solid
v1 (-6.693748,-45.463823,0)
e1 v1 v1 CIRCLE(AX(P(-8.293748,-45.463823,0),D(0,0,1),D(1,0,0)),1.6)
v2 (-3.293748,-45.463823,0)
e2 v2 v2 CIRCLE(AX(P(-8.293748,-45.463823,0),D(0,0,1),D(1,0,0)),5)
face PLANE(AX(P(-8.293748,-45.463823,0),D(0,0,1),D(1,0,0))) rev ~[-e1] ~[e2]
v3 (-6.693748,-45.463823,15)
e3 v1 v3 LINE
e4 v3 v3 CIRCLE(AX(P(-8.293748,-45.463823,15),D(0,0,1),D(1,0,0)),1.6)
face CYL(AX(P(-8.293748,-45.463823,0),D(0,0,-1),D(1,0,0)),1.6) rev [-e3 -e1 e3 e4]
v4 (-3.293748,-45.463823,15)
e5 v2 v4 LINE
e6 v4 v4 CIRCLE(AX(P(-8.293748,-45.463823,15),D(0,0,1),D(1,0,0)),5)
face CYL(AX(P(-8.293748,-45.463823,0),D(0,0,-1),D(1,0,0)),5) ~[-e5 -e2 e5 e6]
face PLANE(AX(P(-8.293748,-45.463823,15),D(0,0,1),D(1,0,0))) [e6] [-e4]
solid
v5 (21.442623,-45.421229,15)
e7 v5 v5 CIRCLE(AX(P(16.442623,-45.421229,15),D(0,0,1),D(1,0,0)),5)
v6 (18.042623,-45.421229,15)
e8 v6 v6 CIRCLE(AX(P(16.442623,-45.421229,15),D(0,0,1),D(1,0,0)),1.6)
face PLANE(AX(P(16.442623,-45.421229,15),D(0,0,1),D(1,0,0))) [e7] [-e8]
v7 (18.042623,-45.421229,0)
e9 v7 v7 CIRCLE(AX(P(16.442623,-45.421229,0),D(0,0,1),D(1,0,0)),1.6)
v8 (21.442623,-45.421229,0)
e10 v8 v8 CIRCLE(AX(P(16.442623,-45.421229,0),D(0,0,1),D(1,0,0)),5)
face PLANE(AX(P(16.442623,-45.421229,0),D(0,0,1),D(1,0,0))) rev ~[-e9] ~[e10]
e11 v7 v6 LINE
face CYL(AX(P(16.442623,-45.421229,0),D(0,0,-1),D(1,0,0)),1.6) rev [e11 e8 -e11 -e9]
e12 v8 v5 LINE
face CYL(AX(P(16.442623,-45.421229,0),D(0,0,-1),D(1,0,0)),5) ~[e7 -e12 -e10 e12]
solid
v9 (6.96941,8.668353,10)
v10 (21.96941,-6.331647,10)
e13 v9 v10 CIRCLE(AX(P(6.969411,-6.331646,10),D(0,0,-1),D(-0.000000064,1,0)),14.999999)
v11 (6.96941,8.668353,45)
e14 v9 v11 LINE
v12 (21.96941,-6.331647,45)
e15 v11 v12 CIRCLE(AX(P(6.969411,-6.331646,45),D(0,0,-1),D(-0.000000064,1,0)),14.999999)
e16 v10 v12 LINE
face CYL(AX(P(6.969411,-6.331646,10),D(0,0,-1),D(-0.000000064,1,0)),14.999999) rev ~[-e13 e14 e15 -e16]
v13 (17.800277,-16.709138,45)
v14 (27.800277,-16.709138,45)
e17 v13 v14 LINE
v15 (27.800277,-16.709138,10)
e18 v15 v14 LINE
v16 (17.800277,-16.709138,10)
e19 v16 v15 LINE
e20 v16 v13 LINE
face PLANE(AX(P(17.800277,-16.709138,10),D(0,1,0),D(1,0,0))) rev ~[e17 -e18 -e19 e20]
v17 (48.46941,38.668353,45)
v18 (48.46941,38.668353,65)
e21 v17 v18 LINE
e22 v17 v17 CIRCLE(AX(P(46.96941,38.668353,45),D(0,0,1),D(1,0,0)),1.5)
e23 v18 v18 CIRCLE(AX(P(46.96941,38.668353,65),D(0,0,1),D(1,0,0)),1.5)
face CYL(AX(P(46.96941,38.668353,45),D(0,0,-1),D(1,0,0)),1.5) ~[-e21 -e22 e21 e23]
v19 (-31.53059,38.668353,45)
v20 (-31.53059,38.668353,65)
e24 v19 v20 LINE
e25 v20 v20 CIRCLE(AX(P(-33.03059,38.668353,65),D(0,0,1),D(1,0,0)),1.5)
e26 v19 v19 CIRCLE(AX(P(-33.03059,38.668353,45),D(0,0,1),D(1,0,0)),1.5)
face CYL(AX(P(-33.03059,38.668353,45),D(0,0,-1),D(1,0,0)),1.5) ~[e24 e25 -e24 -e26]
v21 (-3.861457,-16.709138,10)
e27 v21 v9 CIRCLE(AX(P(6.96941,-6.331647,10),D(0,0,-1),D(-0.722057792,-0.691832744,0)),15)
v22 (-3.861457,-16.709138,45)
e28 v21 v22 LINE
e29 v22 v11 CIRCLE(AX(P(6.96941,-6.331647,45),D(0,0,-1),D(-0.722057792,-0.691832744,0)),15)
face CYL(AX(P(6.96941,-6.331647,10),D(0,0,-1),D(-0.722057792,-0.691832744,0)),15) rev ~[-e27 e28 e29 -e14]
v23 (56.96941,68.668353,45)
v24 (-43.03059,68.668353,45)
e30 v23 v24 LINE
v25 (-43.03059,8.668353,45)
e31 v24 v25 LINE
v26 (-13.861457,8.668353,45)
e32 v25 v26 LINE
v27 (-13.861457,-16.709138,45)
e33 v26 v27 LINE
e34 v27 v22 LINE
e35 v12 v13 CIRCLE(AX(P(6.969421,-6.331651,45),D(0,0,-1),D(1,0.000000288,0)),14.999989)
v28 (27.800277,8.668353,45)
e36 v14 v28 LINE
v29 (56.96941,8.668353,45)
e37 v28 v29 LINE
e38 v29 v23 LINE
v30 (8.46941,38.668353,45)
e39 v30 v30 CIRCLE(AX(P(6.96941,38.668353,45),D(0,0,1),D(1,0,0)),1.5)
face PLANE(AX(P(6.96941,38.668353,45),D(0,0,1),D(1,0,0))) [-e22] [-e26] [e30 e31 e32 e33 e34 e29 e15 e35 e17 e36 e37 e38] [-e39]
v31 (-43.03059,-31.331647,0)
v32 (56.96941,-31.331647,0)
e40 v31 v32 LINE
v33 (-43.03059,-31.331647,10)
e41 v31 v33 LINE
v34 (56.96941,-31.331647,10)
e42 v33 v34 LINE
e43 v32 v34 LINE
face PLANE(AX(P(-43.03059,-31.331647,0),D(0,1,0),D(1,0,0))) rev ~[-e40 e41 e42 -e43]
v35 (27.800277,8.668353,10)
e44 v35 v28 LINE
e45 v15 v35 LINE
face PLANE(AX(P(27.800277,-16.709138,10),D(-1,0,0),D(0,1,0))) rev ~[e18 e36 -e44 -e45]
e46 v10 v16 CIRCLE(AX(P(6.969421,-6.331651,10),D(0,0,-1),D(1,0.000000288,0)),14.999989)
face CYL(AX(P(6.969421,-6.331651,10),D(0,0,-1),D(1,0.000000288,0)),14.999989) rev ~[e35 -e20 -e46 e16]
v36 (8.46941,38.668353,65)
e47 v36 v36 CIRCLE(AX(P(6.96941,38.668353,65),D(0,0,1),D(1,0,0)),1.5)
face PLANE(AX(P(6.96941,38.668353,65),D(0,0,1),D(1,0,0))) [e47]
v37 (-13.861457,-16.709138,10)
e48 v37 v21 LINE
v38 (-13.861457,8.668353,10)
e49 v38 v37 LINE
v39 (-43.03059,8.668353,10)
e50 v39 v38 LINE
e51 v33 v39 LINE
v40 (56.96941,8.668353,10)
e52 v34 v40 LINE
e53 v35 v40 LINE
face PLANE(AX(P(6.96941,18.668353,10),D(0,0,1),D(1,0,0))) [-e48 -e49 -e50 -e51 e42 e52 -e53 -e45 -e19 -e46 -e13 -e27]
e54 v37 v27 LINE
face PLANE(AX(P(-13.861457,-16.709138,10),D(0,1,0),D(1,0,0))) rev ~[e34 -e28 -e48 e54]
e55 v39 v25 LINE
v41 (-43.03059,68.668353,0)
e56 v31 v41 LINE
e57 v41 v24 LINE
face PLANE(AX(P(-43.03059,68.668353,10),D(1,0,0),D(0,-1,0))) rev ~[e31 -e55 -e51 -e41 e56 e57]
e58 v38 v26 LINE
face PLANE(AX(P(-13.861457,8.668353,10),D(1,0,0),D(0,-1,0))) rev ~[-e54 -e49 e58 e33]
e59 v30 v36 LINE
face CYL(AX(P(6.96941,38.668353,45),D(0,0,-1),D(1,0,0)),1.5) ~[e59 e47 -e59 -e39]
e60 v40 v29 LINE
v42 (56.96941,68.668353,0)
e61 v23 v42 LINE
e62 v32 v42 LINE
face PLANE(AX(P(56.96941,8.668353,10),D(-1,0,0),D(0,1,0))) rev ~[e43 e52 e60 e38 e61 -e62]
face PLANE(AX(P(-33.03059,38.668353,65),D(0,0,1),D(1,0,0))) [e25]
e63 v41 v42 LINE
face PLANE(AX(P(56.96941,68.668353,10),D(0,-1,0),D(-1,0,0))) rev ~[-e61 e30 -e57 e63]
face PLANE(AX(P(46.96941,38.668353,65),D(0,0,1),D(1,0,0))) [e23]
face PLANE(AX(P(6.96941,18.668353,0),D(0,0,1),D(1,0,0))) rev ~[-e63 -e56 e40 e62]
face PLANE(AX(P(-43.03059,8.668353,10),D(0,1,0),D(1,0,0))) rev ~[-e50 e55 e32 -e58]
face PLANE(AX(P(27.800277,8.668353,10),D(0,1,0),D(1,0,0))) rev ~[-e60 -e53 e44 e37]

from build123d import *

# Parameters (mm, degrees)
F0_W     = 100
F0_H     = 100
F1_DEPTH = 10
F3_DEPTH = 35
F4_R     = 1.5
F5_DEPTH = 20
F0_R     = 5
F0_R_2   = 1.6
F6_DEPTH = 15


with BuildPart() as f1:
    # F0 (on Top) → F1 (new body)
    with BuildSketch(Plane.XY):
        with Locations((6.96941, 18.668353)):
            Rectangle(F0_W, F0_H)
    extrude(amount=F1_DEPTH)

    # F2 (on face) → F3 (join)
    with BuildSketch(Plane.XY.offset(10)):
        Polygon((56.96941, 68.668353), (-43.03059, 68.668353), (-43.03059, 8.668353), (-13.861457, 8.668353), (6.96941, 8.668353), (27.800277, 8.668353), (56.96941, 8.668353), align=None)
        with BuildLine():
            Line((6.96941, 8.668353), (-13.861457, 8.668353))
            Line((-13.861457, 8.668353), (-13.861457, -16.709138))
            Line((-13.861457, -16.709138), (-3.861457, -16.709138))
            ThreePointArc((-3.861457, -16.709138), (-6.826647, -0.443624), (6.96941, 8.668353))
        make_face()
        with BuildLine():
            Line((27.800277, -16.709138), (27.800277, 8.668353))
            Line((27.800277, 8.668353), (6.96941, 8.668353))
            ThreePointArc((6.96941, 8.668353), (17.576012, 4.274955), (21.96941, -6.331647))
            ThreePointArc((21.96941, -6.331647), (20.888157, -11.923472), (17.800277, -16.709138))
            Line((17.800277, -16.709138), (27.800277, -16.709138))
        make_face()
    extrude(amount=F3_DEPTH)

    # F4 (on face) → F5 (join)
    with BuildSketch(Plane.XY.offset(45)):
        with Locations((-33.03059, 38.668353)):
            Circle(F4_R)
        with Locations((6.96941, 38.668353)):
            Circle(F4_R)
        with Locations((46.96941, 38.668353)):
            Circle(F4_R)
    extrude(amount=F5_DEPTH)


with BuildPart() as f6:
    # F0 (on Top) → F6 (new body)
    with BuildSketch(Plane.XY):
        with Locations((-8.293748, -45.463823)):
            Circle(F0_R)
        with Locations((-8.293748, -45.463823)):
            Circle(F0_R_2, mode=Mode.SUBTRACT)
        with Locations((16.442623, -45.421229)):
            Circle(F0_R)
        with Locations((16.442623, -45.421229)):
            Circle(F0_R_2, mode=Mode.SUBTRACT)
    extrude(amount=F6_DEPTH)


solid = Compound([f1.part, f6.part])
